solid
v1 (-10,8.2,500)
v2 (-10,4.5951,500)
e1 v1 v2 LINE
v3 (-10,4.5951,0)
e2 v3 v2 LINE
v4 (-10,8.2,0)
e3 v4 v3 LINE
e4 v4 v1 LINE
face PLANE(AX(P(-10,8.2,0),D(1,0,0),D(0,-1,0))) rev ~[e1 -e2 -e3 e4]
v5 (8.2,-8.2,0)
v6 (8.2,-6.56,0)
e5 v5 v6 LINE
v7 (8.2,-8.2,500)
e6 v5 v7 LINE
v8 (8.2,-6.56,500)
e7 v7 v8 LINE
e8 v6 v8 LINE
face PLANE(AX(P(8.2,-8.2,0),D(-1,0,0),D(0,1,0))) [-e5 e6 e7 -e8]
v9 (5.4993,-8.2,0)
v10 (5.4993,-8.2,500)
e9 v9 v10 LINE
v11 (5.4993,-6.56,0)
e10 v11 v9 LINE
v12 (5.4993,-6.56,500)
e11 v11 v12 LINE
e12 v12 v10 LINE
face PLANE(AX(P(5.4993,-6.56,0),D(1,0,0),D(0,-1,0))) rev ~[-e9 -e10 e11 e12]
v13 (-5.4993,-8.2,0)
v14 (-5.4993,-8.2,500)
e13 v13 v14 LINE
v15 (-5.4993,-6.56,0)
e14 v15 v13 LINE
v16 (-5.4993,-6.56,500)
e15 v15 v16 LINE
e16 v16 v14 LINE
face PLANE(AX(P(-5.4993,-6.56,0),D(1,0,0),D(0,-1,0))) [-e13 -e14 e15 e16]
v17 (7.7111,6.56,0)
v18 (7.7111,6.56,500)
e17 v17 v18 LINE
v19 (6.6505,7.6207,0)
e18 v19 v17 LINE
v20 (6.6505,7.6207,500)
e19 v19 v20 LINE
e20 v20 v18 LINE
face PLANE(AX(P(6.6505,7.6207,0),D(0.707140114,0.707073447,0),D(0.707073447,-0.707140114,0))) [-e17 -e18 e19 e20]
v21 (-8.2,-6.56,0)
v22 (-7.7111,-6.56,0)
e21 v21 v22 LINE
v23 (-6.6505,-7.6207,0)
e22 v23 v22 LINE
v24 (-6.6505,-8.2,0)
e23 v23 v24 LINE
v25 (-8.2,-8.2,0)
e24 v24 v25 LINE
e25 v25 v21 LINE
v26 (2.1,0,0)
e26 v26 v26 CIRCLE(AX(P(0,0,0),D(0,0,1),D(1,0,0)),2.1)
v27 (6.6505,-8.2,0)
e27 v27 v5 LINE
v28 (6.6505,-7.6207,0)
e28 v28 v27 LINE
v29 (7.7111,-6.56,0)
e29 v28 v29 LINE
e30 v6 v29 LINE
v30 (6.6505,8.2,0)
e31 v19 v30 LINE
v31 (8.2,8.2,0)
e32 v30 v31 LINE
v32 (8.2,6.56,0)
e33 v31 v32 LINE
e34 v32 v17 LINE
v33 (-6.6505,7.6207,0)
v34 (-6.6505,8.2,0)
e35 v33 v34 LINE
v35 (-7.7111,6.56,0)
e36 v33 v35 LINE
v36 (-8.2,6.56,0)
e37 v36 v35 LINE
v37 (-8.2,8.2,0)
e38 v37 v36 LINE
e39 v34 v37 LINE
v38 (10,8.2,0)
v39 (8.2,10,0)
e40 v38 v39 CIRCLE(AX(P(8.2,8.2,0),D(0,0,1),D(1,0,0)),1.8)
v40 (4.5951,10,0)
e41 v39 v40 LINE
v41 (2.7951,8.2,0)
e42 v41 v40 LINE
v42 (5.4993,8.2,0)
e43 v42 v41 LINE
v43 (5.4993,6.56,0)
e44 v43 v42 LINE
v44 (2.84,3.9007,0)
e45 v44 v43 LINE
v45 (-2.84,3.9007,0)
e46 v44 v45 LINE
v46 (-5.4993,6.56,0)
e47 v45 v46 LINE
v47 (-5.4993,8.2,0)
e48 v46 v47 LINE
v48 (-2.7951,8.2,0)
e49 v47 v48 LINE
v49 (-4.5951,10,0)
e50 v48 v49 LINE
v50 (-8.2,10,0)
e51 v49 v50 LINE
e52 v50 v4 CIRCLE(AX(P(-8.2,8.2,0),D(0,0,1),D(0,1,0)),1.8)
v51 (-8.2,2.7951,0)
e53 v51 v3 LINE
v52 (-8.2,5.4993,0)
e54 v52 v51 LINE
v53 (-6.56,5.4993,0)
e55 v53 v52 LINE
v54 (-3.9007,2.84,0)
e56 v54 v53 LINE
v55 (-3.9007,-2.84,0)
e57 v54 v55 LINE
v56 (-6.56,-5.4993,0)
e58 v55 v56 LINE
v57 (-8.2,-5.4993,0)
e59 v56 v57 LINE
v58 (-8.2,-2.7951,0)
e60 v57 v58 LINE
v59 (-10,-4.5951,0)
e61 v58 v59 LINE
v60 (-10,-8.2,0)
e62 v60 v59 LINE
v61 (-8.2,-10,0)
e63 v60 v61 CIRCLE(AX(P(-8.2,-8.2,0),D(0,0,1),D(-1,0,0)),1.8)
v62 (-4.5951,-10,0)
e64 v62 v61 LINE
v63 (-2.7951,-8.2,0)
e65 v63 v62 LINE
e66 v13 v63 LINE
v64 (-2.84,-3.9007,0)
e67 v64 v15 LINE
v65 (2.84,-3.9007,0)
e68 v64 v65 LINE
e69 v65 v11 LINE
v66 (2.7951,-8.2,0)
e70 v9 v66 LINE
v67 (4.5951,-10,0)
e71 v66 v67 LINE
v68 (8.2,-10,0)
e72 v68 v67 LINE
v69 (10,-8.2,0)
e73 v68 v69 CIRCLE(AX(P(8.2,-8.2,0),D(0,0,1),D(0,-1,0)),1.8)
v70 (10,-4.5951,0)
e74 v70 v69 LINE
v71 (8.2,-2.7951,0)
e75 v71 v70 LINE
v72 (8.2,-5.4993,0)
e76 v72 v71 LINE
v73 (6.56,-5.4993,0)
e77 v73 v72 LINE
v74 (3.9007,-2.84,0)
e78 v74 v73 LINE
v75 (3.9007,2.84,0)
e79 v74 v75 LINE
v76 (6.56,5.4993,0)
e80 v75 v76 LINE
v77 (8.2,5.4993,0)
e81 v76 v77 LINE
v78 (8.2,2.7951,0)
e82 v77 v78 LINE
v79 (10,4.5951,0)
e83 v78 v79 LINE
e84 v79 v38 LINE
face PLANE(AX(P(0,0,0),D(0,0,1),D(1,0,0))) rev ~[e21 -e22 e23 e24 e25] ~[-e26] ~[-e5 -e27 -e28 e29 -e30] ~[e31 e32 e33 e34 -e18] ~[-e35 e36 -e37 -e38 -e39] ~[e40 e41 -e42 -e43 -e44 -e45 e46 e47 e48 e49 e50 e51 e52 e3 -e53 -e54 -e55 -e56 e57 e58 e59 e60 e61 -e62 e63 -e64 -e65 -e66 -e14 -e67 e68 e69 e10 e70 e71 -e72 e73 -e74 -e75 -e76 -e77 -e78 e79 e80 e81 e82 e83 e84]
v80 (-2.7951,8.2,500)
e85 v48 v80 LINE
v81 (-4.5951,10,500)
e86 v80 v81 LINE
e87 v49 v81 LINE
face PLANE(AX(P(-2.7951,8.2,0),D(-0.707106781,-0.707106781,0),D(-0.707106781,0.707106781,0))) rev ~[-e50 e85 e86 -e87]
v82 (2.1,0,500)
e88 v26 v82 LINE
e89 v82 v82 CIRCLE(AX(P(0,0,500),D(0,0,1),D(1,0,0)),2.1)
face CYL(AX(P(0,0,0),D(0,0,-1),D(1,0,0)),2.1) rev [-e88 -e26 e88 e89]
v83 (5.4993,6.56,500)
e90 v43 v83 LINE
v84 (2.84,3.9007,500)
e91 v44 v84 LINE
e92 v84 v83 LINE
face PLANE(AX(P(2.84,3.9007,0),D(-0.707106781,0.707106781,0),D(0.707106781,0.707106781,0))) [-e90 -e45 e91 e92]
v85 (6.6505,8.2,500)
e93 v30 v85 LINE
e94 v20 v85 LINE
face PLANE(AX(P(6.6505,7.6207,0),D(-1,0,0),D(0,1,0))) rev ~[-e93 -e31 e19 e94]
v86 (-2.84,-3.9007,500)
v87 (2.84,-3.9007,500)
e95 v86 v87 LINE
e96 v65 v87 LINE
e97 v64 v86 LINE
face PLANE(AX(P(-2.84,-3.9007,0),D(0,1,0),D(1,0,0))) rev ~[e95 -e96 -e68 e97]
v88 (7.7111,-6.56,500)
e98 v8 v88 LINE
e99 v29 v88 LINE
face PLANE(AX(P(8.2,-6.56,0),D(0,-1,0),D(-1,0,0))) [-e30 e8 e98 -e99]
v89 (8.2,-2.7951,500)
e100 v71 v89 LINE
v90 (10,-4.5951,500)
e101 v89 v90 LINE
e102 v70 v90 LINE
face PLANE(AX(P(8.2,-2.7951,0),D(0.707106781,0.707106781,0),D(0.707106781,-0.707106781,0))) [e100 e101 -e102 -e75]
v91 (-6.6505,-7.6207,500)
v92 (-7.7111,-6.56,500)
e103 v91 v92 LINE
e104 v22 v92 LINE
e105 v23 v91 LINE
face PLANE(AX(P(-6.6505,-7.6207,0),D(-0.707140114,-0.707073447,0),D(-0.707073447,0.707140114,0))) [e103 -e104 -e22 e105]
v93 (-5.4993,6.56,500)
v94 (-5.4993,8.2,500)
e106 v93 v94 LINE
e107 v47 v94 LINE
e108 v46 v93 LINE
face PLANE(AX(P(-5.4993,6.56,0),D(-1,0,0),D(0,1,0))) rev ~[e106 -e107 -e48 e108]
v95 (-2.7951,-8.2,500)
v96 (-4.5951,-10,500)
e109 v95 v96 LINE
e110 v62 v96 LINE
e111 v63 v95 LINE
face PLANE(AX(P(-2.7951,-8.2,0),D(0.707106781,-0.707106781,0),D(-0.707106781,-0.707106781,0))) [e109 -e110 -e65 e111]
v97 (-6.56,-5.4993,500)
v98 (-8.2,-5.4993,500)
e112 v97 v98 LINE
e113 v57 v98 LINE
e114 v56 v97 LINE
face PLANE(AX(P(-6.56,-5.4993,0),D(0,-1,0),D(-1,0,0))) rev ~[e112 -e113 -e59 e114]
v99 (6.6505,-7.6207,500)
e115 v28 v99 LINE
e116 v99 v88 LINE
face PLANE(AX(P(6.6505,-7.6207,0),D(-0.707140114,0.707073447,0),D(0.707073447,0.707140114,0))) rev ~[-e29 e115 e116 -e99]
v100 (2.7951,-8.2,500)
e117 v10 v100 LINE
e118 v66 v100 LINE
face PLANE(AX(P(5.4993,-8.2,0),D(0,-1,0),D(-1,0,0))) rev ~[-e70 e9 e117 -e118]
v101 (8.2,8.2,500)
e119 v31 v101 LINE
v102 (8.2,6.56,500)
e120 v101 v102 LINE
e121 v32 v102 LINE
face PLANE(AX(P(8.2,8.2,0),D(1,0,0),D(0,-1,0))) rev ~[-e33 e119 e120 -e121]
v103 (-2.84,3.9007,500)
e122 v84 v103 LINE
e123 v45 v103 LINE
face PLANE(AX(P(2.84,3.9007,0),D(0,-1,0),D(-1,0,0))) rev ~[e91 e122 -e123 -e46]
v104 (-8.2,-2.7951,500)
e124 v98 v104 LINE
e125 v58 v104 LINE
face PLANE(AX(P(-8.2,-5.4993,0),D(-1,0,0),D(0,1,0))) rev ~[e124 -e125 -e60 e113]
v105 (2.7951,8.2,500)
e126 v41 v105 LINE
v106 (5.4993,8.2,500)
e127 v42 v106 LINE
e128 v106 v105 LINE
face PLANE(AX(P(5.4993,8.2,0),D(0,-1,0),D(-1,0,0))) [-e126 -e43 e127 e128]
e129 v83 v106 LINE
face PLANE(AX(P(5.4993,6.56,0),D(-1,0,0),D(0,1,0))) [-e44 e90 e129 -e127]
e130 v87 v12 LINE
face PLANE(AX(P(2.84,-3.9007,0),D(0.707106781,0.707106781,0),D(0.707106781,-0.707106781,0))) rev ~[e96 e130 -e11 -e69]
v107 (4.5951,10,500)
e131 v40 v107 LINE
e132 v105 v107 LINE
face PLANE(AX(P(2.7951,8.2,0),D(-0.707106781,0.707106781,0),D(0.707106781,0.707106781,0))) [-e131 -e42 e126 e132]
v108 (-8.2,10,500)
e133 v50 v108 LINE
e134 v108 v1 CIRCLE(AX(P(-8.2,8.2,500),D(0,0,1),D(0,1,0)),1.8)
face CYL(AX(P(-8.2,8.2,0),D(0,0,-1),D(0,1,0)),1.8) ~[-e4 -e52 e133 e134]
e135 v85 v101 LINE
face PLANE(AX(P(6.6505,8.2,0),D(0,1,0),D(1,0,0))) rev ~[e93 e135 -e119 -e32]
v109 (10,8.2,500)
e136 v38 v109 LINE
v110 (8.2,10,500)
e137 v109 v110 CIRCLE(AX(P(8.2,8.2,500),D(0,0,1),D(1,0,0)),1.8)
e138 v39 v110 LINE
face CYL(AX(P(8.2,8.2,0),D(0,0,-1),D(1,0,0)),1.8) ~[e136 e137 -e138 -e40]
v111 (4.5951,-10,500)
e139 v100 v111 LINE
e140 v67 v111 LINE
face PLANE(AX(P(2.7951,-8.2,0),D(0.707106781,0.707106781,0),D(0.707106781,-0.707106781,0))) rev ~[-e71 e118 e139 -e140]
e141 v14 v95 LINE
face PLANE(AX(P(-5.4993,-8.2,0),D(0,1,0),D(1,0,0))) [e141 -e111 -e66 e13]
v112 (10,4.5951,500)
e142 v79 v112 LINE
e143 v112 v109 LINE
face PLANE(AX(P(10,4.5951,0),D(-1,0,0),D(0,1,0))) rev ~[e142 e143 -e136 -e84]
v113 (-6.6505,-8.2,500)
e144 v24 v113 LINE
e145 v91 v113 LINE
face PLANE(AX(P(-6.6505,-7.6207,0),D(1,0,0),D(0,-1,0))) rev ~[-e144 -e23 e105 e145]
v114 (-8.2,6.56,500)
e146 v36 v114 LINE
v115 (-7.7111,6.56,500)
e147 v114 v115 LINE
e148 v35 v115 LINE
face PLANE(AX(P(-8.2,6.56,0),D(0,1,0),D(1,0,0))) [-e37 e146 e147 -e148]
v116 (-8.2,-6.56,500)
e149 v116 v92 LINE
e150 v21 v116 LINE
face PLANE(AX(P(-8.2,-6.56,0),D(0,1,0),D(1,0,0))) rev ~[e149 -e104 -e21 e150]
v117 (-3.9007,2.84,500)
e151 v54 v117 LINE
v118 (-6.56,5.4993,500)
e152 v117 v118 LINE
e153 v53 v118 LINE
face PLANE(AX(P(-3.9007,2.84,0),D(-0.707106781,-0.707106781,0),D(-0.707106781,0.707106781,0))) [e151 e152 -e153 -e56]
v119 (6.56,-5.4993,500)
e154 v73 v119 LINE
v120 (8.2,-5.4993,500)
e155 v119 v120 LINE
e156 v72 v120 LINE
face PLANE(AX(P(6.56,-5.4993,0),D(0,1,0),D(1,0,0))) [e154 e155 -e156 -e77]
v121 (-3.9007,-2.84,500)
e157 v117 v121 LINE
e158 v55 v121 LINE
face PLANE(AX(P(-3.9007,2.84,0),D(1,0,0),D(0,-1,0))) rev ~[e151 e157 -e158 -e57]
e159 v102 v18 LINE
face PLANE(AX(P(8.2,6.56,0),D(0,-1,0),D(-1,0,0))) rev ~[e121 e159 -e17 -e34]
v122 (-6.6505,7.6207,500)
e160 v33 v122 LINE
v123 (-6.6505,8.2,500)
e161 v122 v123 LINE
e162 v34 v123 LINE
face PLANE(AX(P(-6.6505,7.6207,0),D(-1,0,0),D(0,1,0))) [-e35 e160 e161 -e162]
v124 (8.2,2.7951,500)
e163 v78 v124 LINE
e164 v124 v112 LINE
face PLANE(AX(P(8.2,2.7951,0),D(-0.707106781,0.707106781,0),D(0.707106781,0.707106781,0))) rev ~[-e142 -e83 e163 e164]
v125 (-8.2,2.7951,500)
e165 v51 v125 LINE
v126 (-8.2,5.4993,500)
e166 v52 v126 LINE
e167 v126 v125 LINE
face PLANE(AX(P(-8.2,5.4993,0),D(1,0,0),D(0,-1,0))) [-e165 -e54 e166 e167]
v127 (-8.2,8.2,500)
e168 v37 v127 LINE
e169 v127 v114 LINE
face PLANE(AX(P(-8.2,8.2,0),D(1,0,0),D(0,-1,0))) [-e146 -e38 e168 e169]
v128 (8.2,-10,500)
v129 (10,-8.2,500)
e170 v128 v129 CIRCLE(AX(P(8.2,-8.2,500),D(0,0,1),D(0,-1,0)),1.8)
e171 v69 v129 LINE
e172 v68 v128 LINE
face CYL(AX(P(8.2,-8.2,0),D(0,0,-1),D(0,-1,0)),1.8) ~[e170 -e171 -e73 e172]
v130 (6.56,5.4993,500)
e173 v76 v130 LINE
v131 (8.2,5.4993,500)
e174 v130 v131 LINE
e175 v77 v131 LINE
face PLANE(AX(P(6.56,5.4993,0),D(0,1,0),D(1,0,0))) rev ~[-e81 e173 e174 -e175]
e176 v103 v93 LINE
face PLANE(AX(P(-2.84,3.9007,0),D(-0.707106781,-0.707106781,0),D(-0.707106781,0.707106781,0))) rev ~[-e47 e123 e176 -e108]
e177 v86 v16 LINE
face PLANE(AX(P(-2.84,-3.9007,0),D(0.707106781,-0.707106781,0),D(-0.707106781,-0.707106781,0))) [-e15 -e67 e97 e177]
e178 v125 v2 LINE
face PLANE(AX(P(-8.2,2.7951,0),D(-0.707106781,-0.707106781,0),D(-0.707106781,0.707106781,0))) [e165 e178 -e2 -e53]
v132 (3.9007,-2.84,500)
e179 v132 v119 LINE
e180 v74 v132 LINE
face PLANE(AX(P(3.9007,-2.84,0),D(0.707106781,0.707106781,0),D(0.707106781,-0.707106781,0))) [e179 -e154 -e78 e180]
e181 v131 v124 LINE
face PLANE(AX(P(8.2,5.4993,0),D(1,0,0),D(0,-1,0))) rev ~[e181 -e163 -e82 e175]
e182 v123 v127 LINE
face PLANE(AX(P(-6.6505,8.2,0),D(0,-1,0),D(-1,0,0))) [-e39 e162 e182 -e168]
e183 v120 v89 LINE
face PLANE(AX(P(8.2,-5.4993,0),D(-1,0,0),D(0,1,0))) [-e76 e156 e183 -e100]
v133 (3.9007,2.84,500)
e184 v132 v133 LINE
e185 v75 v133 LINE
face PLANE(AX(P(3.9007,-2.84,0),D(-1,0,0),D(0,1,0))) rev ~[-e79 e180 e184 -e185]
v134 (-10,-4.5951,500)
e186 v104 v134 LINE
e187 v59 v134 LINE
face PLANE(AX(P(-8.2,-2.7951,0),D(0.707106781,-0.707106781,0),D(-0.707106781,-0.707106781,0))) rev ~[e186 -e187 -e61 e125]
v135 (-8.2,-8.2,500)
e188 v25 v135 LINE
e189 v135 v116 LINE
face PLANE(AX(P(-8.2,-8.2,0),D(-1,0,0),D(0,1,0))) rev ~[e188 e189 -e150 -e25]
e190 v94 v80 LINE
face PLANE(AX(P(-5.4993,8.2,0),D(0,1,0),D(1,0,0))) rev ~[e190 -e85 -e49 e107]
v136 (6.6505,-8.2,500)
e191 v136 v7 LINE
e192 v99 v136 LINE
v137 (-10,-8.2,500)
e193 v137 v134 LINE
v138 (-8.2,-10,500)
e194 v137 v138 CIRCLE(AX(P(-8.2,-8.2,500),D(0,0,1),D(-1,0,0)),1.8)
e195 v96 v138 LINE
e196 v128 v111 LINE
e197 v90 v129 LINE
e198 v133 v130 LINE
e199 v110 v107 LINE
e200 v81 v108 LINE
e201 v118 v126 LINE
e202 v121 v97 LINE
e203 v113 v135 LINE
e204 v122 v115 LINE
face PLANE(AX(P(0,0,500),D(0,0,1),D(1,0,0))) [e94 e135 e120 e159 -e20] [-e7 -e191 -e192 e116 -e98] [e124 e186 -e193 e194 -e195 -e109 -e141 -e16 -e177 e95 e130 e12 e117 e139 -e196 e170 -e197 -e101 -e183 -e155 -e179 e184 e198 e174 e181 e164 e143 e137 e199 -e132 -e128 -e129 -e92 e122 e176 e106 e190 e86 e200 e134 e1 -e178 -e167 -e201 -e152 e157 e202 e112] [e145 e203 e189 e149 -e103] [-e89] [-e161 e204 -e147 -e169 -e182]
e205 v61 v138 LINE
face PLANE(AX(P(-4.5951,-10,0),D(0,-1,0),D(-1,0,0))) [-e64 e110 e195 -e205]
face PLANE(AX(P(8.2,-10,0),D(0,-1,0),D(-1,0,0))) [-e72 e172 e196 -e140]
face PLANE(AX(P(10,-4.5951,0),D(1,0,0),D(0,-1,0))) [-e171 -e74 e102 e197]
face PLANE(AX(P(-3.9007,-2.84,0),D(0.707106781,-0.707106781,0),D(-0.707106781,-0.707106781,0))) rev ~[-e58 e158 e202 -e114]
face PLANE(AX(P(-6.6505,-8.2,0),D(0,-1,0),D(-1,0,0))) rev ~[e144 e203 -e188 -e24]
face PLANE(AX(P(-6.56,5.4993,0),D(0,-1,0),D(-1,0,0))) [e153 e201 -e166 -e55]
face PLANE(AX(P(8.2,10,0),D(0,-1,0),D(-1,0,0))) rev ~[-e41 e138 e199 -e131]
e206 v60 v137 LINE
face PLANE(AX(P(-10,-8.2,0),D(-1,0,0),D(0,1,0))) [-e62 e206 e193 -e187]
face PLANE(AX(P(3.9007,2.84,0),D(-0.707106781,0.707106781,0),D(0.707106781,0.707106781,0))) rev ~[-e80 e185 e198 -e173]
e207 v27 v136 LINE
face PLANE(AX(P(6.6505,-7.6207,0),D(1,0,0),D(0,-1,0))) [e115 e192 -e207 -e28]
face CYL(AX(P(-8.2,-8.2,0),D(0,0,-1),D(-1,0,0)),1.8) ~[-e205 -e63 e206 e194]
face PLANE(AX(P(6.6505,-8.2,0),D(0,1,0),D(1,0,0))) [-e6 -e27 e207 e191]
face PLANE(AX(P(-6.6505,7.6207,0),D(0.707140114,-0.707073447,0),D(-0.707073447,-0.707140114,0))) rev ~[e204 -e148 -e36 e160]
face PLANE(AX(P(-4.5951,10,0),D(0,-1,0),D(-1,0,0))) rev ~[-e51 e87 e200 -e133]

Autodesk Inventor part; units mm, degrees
ref_plane "YZ Plane" through (0, 0, 0) normal (1, 0, 0) x (0, 1, 0)
ref_plane "Start Plane" through (0, 0, 0) normal (0, 0, 1) x (1, 0, 0)
ref_plane "End Plane" through (0, 0, 20) normal (0, 0, 1) x (1, 0, 0)
sketch "Sketch1" plane through (0, 0, 0) normal (0, 0, 1) x (1, 0, 0)
  line L0 (10, -4.5951) -> (10, -8.2)
  line L1 (-10, -8.2) -> (-10, -4.5951)
  line L2 (-10, 10) -> (10, -10) construction
  line L3 (10, 10) -> (-10, -10) construction
  circle A0 centre (0, 0) radius 2.1
  line L4 (-2.84, -3.9007) -> (2.84, -3.9007)
  line L5 (3.9007, -2.84) -> (3.9007, 2.84)
  line L6 (2.84, 3.9007) -> (-2.84, 3.9007)
  line L7 (-3.9007, 2.84) -> (-3.9007, -2.84)
  line L8 (-3.9007, -3.9007) -> (3.9007, 3.9007) construction
  line L9 (3.9007, -3.9007) -> (-3.9007, 3.9007) construction
  line L10 (-3.9007, -2.84) -> (-2.84, -3.9007) construction
  line L11 (-2.84, -3.9007) -> (-5.4993, -6.56)
  line L12 (-5.4993, -6.56) -> (-5.4993, -8.2)
  line L13 (-5.4993, -8.2) -> (-2.7951, -8.2)
  line L14 (-2.7951, -8.2) -> (-4.5951, -10)
  line L15 (0, 0) -> (0, -3.9007) construction
  line L16 (3.9007, -2.84) -> (2.84, -3.9007) construction
  line L17 (2.84, -3.9007) -> (5.4993, -6.56)
  line L18 (5.4993, -6.56) -> (5.4993, -8.2)
  line L19 (5.4993, -8.2) -> (2.7951, -8.2)
  line L20 (2.7951, -8.2) -> (4.5951, -10)
  line L21 (-2.84, -3.9007) -> (-3.9007, -2.84) construction
  line L22 (-3.9007, -2.84) -> (-6.56, -5.4993)
  line L23 (-6.56, -5.4993) -> (-8.2, -5.4993)
  line L24 (-8.2, -5.4993) -> (-8.2, -2.7951)
  line L25 (-8.2, -2.7951) -> (-10, -4.5951)
  line L26 (3.9007, -2.84) -> (6.56, -5.4993)
  line L27 (6.56, -5.4993) -> (8.2, -5.4993)
  line L28 (8.2, -5.4993) -> (8.2, -2.7951)
  line L29 (8.2, -2.7951) -> (10, -4.5951)
  arc A1 (-10, -8.2) -> (-8.2, -10) centre (-8.2, -8.2) ccw
  arc A2 (8.2, -10) -> (10, -8.2) centre (8.2, -8.2) ccw
  line L30 (-8.2, -6.56) -> (-7.7111, -6.56)
  line L31 (-6.6505, -8.2) -> (-8.2, -8.2)
  line L32 (-8.2, -8.2) -> (-8.2, -6.56)
  line L33 (-6.6505, -7.6207) -> (-7.7111, -6.56)
  line L34 (-6.6505, -7.6207) -> (-6.6505, -8.2)
  line L35 (8.2, -6.56) -> (7.7111, -6.56)
  line L36 (6.6505, -8.2) -> (8.2, -8.2)
  line L37 (8.2, -8.2) -> (8.2, -6.56)
  line L38 (6.6505, -7.6207) -> (7.7111, -6.56)
  line L39 (6.6505, -7.6207) -> (6.6505, -8.2)
  line L40 (8.2, -10) -> (4.5951, -10)
  line L41 (-4.5951, -10) -> (-8.2, -10)
  line L42 (-3.9007, 0) -> (3.9007, 0) construction
  line L43 (10, 4.5951) -> (10, 8.2)
  line L44 (-10, 8.2) -> (-10, 4.5951)
  line L45 (-2.84, 3.9007) -> (2.84, 3.9007)
  line L46 (-3.9007, 2.84) -> (-2.84, 3.9007) construction
  line L47 (-2.84, 3.9007) -> (-5.4993, 6.56)
  line L48 (-5.4993, 6.56) -> (-5.4993, 8.2)
  line L49 (-5.4993, 8.2) -> (-2.7951, 8.2)
  line L50 (-2.7951, 8.2) -> (-4.5951, 10)
  line L51 (2.84, 3.9007) -> (5.4993, 6.56)
  line L52 (5.4993, 6.56) -> (5.4993, 8.2)
  line L53 (5.4993, 8.2) -> (2.7951, 8.2)
  line L54 (2.7951, 8.2) -> (4.5951, 10)
  line L55 (3.9007, 2.84) -> (2.84, 3.9007) construction
  line L56 (-8.2, 2.7951) -> (-10, 4.5951)
  line L57 (-2.84, 3.9007) -> (-3.9007, 2.84) construction
  line L58 (-3.9007, 2.84) -> (-6.56, 5.4993)
  line L59 (-6.56, 5.4993) -> (-8.2, 5.4993)
  line L60 (-8.2, 5.4993) -> (-8.2, 2.7951)
  line L61 (3.9007, 2.84) -> (6.56, 5.4993)
  line L62 (6.56, 5.4993) -> (8.2, 5.4993)
  line L63 (8.2, 5.4993) -> (8.2, 2.7951)
  line L64 (8.2, 2.7951) -> (10, 4.5951)
  arc A3 (-8.2, 10) -> (-10, 8.2) centre (-8.2, 8.2) ccw
  arc A4 (10, 8.2) -> (8.2, 10) centre (8.2, 8.2) ccw
  line L65 (-8.2, 6.56) -> (-7.7111, 6.56)
  line L66 (-6.6505, 8.2) -> (-8.2, 8.2)
  line L67 (-8.2, 8.2) -> (-8.2, 6.56)
  line L68 (-6.6505, 7.6207) -> (-7.7111, 6.56)
  line L69 (-6.6505, 7.6207) -> (-6.6505, 8.2)
  line L70 (8.2, 6.56) -> (7.7111, 6.56)
  line L71 (6.6505, 7.6207) -> (7.7111, 6.56)
  line L72 (8.2, 8.2) -> (8.2, 6.56)
  line L73 (6.6505, 7.6207) -> (6.6505, 8.2)
  line L74 (6.6505, 8.2) -> (8.2, 8.2)
  line L75 (8.2, 10) -> (4.5951, 10)
  line L76 (-4.5951, 10) -> (-8.2, 10)
  line L77 (-8.2, 10) -> (-4.5951, 10)
  line L78 (4.5951, 10) -> (8.2, 10)
  point P0 (8.2, -8.2)
  point P1 (0, 3.9007)
  point P2 (8.2, 8.2)
  dimension "Width" = 20
  dimension "Height" = 20
  dimension "d2" = 4.2
  dimension "d3" = 1.5
  dimension "d4" = 1.64
  dimension "d6" = 5.68
  dimension "d7" = 1.8
  dimension "d9" = 1.5
extrude "Body" add sketch "Sketch1" along normal blind 500
sketch "Sketch4" plane through (0, 0, 0) normal (0, 0, 1) x (1, 0, 0)
  line L0 (0, 0) -> (10, 0)
ref_plane "Work Plane4" through (0, 0, 0) normal (0, -1, 0) x (1, 0, 0)
sketch "Sketch5" plane through (0, 0, 0) normal (0, -1, 0) x (1, 0, 0)
  line L0 (-2, 0) -> (12, 0) construction
  line L1 (-2, 20) -> (12, 20) construction
  dimension "d17" = 20
equation "\"G_OFFSET_START\" = 0"
equation "\"G_OFFSET_END\" = 0"
equation "\"G_L\" = d17"
properties part number "V-slot 20 mm x 20 mm" material "Aluminum 6061"
